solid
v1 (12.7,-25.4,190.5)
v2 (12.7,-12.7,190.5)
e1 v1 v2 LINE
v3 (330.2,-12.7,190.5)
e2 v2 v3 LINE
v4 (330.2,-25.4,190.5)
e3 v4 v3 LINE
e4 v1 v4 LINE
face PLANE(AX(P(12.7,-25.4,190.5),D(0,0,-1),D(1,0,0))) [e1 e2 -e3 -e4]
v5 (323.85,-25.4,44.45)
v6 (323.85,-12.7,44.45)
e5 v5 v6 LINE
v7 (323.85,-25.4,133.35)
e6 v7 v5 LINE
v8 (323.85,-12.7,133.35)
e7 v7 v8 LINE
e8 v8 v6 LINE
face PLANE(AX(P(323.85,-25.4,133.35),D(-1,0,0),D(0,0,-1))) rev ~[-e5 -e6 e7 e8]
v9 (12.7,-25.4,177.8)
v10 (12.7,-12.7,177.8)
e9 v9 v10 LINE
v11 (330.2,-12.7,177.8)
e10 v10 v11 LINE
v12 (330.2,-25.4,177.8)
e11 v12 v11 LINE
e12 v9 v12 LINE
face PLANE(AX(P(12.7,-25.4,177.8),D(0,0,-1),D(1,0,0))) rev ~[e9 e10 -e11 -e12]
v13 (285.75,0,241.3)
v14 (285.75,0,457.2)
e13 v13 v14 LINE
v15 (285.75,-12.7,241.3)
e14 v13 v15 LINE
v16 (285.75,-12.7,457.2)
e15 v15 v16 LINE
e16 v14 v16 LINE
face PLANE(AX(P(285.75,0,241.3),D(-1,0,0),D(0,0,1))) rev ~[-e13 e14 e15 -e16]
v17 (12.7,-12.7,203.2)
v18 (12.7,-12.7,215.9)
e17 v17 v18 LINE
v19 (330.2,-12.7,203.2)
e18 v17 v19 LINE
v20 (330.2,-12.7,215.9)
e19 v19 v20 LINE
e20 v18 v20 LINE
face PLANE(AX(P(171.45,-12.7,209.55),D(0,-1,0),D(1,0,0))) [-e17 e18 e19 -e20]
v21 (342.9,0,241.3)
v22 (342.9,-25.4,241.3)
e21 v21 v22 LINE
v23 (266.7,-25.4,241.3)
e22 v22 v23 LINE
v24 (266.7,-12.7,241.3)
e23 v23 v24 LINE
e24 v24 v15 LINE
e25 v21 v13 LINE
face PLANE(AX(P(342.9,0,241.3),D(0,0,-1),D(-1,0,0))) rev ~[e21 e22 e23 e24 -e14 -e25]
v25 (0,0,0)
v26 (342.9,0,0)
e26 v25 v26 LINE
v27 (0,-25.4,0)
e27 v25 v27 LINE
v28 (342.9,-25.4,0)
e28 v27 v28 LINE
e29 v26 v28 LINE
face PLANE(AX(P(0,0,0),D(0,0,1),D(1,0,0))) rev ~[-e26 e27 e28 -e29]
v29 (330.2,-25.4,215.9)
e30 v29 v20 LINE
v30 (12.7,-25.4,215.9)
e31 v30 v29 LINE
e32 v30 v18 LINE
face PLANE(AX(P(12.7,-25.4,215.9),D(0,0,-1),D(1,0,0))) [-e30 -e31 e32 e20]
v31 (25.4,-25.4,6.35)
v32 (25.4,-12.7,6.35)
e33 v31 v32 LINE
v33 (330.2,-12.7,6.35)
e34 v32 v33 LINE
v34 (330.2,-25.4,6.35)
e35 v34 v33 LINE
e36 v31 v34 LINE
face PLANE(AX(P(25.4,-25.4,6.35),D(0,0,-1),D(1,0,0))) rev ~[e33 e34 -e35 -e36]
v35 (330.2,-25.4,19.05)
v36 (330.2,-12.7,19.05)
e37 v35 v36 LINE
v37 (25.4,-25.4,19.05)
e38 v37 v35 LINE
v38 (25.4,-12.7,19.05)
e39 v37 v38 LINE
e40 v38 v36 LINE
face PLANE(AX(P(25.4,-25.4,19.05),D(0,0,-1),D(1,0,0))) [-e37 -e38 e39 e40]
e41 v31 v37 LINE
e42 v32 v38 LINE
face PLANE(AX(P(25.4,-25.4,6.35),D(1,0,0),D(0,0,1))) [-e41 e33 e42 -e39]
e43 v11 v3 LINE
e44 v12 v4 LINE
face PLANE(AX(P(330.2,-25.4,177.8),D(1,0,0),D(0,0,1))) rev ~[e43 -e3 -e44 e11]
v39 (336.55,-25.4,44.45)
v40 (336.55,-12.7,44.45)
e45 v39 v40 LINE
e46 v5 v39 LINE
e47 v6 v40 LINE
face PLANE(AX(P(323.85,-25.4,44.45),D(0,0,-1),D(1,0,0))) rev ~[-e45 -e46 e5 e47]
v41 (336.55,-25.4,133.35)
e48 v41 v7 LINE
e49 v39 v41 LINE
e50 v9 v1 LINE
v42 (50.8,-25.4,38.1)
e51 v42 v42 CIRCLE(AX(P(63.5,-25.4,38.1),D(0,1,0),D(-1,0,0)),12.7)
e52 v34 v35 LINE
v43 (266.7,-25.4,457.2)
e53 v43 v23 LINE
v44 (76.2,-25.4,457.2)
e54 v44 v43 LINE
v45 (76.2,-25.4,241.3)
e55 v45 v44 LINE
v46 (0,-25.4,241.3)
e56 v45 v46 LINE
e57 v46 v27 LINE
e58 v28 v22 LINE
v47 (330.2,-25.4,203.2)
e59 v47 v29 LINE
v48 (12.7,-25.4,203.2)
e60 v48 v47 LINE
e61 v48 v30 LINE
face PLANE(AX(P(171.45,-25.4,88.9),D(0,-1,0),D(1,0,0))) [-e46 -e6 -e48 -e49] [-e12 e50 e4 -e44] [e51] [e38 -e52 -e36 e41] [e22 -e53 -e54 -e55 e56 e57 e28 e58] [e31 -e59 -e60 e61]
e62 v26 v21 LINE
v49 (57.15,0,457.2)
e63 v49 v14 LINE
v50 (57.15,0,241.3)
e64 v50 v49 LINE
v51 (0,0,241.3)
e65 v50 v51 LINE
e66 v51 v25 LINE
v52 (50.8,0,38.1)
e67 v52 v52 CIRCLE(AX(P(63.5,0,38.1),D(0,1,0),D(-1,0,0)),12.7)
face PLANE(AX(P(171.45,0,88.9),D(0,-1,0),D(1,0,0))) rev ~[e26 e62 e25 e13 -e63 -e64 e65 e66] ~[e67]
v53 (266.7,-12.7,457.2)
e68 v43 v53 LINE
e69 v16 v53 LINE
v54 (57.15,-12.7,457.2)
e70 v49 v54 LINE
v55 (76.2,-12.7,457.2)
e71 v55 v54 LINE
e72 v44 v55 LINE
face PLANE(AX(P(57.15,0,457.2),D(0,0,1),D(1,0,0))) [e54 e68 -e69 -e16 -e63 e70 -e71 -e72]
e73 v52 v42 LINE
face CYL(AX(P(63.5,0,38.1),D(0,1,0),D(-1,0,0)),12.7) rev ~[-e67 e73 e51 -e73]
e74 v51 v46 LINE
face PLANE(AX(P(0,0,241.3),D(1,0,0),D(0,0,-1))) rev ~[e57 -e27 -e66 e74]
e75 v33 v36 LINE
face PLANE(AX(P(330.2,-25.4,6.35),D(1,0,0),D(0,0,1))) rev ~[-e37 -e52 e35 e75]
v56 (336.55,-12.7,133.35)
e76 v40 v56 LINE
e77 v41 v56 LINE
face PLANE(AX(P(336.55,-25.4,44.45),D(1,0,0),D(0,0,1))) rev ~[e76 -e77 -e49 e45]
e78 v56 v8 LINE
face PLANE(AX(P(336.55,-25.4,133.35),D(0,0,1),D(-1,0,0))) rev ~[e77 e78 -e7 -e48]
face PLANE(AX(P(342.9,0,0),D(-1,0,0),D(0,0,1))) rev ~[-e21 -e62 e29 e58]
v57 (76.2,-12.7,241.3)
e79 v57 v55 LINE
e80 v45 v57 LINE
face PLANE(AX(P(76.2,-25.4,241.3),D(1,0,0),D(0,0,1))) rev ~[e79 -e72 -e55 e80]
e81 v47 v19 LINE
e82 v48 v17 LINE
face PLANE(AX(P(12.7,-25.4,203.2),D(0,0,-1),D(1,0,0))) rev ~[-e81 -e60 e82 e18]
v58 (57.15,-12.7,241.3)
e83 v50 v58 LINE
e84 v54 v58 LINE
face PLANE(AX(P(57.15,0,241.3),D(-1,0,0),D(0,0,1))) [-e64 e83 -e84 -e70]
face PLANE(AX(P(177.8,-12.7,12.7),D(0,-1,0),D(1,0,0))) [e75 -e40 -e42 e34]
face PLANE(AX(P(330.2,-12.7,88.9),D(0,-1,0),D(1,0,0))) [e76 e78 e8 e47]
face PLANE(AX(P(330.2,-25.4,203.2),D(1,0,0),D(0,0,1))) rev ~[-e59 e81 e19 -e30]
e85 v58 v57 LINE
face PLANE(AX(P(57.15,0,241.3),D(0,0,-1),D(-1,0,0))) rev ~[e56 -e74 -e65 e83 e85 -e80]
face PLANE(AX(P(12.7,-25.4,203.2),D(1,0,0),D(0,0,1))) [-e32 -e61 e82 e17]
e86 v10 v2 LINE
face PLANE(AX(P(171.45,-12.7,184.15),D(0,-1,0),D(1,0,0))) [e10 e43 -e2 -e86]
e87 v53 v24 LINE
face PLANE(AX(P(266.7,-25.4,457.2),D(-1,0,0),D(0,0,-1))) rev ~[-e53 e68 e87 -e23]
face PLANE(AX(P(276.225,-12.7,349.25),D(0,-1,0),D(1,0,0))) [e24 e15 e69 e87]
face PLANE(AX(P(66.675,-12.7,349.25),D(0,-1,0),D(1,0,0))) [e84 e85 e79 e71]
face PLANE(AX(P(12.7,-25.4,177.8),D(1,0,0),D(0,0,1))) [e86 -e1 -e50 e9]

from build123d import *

# Parameters (mm, degrees)
F0_W      = 342.9
F0_H      = 177.8
F0_W_2    = 228.6
F0_H_2    = 215.9
F1_DEPTH  = 25.4
F2_W      = 304.8
F2_H      = 12.7
F3_DEPTH  = 12.7
F4_W      = 304.8
F4_H      = 12.7
F5_DEPTH  = 12.7
F6_R      = 12.7
F7_DEPTH  = 25.4
F9_DEPTH  = 12.7
F11_DEPTH = 12.7
F12_W     = 317.5
F12_H     = 12.7
F13_DEPTH = 12.7


with BuildPart() as f1:
    # F0 (on Front) → F1 (new body)
    with BuildSketch(Plane.XZ):
        with Locations((171.45, 88.9)):
            Rectangle(F0_W, F0_H)
        Polygon((0, 241.3), (0, 177.8), (342.9, 177.8), (342.9, 241.3), (285.75, 241.3), (57.15, 241.3), align=None)
        with Locations((171.45, 349.25)):
            Rectangle(F0_W_2, F0_H_2)
    extrude(amount=F1_DEPTH)

    # F2 (on face) → F3 (cut)
    with BuildSketch(Plane.XZ.offset(25.4)):
        with Locations((177.8, 12.7)):
            Rectangle(F2_W, F2_H)
    extrude(amount=-F3_DEPTH, mode=Mode.SUBTRACT)

    # F4 (on face) → F5 (cut)
    with BuildSketch(Plane.XZ.offset(25.4)):
        with Locations((177.8, -12.7)):
            Rectangle(F4_W, F4_H)
    extrude(amount=-F5_DEPTH, mode=Mode.SUBTRACT)

    # F6 (on face) → F7 (cut)
    with BuildSketch(Plane(origin=(0, 0, 0), x_dir=(-1, 0, 0), z_dir=(0, 1, 0))):
        with Locations((-63.5, 38.1)):
            Circle(F6_R)
    extrude(amount=-F7_DEPTH, mode=Mode.SUBTRACT)

    # F8 (on face) → F9 (cut)
    with BuildSketch(Plane.XZ.offset(25.4)):
        Polygon((323.85, 44.45), (330.2, 44.45), (336.55, 44.45), (336.55, 133.35), (323.85, 133.35), align=None)
    extrude(amount=-F9_DEPTH, mode=Mode.SUBTRACT)

    # F10 (on face) → F11 (cut)
    with BuildSketch(Plane.XZ.offset(25.4)):
        Polygon((76.2, 438.15), (76.2, 457.2), (57.15, 457.2), (57.15, 241.3), (76.2, 241.3), align=None)
        Polygon((285.75, 241.3), (285.75, 457.2), (266.7, 457.2), (266.7, 438.15), (266.7, 241.3), align=None)
    extrude(amount=-F11_DEPTH, mode=Mode.SUBTRACT)

    # F12 (on face) → F13 (cut)
    with BuildSketch(Plane.XZ.offset(25.4)):
        with Locations((171.45, 209.55)):
            Rectangle(F12_W, F12_H)
        with Locations((171.45, 184.15)):
            Rectangle(F12_W, F12_H)
    extrude(amount=-F13_DEPTH, mode=Mode.SUBTRACT)


solid = f1.part
